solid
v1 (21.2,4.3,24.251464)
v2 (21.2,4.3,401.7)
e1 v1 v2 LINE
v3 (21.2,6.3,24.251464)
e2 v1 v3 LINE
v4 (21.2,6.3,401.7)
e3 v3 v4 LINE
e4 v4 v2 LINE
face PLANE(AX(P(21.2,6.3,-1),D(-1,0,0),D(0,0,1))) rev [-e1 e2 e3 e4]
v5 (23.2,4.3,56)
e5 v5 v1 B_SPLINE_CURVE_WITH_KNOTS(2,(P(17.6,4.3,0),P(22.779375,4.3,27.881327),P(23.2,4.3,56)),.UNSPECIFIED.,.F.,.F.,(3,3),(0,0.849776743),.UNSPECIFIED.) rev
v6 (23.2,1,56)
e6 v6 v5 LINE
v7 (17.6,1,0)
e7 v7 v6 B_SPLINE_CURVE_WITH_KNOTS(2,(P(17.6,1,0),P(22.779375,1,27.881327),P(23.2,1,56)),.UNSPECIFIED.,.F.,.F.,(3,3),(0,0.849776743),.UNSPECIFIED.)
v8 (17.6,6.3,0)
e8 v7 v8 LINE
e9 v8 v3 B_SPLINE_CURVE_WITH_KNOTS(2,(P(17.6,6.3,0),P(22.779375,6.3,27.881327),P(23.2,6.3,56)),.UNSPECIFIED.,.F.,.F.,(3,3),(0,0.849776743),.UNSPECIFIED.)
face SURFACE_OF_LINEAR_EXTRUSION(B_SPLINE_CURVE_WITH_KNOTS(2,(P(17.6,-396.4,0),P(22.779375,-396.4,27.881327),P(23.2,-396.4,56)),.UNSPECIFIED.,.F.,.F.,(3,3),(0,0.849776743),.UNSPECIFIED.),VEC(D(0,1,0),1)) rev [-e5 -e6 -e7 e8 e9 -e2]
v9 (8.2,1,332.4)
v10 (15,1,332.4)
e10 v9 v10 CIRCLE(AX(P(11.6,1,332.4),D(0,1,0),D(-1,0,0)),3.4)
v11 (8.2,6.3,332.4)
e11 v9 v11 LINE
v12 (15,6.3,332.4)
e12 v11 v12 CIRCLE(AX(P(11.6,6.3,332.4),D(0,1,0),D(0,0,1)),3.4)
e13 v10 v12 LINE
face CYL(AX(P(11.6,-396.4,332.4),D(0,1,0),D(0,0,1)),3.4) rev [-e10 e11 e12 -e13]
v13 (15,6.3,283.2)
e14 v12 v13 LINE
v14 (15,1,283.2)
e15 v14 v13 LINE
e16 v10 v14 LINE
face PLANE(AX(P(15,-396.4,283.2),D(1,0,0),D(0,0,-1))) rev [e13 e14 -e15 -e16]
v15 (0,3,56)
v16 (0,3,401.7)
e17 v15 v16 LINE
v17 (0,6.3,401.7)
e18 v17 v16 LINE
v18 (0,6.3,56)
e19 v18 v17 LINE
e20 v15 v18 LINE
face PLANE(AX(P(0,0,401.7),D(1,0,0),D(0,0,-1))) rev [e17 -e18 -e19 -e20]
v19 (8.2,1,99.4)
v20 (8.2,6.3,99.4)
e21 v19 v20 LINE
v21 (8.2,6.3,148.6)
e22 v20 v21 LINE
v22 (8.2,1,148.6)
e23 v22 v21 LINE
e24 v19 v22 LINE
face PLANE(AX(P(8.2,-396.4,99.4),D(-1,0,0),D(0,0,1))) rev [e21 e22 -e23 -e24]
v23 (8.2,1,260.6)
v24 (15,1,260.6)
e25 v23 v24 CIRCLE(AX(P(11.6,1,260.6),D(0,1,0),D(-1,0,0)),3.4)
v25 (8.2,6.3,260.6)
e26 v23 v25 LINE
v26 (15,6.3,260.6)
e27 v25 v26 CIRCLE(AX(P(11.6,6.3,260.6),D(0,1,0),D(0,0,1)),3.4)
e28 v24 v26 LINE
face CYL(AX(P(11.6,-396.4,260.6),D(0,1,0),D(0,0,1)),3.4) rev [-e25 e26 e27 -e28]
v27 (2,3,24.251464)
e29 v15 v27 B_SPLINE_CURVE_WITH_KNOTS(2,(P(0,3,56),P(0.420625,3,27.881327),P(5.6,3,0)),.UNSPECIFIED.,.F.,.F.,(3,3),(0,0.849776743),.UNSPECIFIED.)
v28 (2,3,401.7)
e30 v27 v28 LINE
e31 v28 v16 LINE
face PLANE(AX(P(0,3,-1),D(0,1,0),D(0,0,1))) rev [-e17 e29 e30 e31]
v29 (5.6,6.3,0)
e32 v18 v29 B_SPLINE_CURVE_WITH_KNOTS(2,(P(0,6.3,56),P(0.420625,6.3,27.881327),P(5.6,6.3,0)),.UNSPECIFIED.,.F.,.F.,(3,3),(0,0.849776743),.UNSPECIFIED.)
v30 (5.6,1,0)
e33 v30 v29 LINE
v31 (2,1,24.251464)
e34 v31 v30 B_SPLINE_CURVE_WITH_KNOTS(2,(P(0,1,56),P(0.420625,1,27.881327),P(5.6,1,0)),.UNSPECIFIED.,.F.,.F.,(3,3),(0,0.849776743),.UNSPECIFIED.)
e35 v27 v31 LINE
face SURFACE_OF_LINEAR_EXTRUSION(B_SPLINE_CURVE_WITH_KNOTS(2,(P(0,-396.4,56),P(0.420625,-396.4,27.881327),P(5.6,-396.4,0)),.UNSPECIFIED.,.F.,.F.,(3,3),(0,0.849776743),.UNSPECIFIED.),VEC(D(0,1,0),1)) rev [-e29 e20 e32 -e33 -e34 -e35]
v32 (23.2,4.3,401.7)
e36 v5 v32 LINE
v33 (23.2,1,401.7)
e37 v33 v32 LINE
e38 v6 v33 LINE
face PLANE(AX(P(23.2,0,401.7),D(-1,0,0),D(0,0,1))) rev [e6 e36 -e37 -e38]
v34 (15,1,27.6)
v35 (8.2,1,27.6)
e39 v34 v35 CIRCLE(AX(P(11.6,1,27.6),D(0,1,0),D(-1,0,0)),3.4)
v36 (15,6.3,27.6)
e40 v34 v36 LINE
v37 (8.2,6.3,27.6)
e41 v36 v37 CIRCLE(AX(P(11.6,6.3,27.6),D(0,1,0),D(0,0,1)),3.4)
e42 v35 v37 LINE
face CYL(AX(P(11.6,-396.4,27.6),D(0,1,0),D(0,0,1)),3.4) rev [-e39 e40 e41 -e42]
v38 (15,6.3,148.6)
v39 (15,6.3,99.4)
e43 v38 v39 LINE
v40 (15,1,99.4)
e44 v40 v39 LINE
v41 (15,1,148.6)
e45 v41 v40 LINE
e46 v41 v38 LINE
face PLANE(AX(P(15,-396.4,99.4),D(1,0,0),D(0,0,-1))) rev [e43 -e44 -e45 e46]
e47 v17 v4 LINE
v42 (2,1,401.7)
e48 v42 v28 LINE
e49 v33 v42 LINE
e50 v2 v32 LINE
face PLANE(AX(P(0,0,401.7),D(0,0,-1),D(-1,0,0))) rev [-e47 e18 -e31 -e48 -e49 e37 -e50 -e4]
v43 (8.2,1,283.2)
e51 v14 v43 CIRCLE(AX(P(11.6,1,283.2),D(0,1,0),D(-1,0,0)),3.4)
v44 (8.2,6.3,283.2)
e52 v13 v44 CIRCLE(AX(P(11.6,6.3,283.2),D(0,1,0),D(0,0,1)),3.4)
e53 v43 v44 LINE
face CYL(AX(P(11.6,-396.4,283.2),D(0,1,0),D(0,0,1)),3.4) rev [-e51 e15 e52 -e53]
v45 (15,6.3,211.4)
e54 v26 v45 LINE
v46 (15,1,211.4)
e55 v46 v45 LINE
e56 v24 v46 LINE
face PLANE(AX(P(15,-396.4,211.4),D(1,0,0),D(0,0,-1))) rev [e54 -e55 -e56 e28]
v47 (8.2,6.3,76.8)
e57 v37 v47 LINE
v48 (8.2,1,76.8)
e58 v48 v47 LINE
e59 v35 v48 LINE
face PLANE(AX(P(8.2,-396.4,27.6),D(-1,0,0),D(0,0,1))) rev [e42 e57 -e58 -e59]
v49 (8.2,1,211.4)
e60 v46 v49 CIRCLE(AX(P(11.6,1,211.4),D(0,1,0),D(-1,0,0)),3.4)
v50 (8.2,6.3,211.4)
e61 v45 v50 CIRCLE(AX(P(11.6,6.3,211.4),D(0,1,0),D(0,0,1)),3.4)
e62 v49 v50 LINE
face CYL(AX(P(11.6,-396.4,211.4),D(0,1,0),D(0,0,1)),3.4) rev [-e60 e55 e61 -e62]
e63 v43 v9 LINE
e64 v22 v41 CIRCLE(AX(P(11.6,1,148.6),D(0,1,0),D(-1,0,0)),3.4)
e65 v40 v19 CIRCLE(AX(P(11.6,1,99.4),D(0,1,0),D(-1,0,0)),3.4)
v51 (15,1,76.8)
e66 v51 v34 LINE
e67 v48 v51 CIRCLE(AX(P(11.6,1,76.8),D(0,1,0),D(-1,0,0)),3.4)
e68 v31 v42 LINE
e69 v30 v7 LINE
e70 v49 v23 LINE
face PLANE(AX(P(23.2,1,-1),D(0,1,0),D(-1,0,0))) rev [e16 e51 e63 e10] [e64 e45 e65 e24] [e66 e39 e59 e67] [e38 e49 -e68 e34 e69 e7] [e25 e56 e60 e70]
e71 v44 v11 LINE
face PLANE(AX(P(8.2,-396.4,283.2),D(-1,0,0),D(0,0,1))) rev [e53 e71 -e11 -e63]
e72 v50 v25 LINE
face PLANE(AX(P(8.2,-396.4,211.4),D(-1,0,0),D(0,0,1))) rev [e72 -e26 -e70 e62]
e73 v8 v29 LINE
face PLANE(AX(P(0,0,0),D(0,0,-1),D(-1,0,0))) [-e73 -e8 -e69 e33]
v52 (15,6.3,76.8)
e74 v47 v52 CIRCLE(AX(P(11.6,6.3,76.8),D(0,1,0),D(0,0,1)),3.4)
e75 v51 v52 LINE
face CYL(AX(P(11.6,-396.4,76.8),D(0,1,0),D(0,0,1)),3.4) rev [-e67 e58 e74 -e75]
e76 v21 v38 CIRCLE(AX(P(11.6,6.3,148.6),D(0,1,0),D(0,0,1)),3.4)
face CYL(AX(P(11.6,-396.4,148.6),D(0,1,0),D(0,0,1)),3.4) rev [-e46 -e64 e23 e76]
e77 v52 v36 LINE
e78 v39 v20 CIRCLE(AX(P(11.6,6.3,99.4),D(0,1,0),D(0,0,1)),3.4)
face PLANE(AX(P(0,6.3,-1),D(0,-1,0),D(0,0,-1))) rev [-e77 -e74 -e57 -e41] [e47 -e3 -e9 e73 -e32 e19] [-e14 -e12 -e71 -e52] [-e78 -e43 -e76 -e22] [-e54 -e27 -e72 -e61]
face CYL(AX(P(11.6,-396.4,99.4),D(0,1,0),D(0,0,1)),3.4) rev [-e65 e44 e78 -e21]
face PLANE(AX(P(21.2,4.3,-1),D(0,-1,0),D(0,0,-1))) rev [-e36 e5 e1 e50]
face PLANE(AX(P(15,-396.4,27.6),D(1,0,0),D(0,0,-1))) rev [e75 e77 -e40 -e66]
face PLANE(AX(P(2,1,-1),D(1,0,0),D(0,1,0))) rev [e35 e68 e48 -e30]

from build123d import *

# Parameters (mm, degrees)
IZIM1_W                     = 23.2
IZIM1_H                     = 7.3
Y_KSEKLIK_EKSTR_ZYON1_DEPTH = 401.7
KES_EKSTR_ZYON1_DEPTH       = 402.7
KES_EKSTR_ZYON2_DEPTH       = 402.7
KES_EKSTR_ZYON3_DEPTH       = 402.7


with BuildPart() as part:
    # Çizim1 → Yükseklik-Ekstrüzyon1 (new body)
    with BuildSketch(Plane.XY):
        with Locations((11.6, 3.65)):
            Rectangle(IZIM1_W, IZIM1_H)
    extrude(amount=Y_KSEKLIK_EKSTR_ZYON1_DEPTH)

    # Çizim2 → Kes-Ekstrüzyon1 (cut)
    with BuildSketch(Plane.XY.offset(401.7)):
        Polygon((21.2, 7.3), (23.2, 7.3), (23.2, 4.3), (21.2, 4.3), (21.2, 6.3), (0, 6.3), (0, 7.3), align=None)
        Polygon((0, 0), (2, 0), (23.2, 0), (23.2, 1), (2, 1), (2, 3), (0, 3), align=None)
    extrude(amount=-KES_EKSTR_ZYON1_DEPTH, mode=Mode.SUBTRACT)

    # Çizim3 → Kes-Ekstrüzyon2 (cut)
    with BuildSketch(Plane(origin=(0, 6.3, 0), x_dir=(1, 0, 0), z_dir=(0, 1, 0))):
        with BuildLine():
            Line((0, 0), (5.6, 0))
            add(Edge.make_bspline(
                [(5.6, 0), (0.42062512, -27.8813272), (0, -56)],
                knots=[0, 0, 0, 0.849776743, 0.849776743, 0.849776743], degree=2))
            Line((0, -56), (0, 0))
        make_face()
        with BuildLine():
            Line((23.2, 0), (23.2, -56))
            add(Edge.make_bspline(
                [(17.6, 0), (22.77937488, -27.8813272), (23.2, -56)],
                knots=[0, 0, 0, 0.849776743, 0.849776743, 0.849776743], degree=2))
            Line((17.6, 0), (23.2, 0))
        make_face()
    extrude(amount=-KES_EKSTR_ZYON2_DEPTH, mode=Mode.SUBTRACT)

    # Çizim4 → Kes-Ekstrüzyon3 (cut)
    with BuildSketch(Plane(origin=(0, 6.3, 0), x_dir=(1, 0, 0), z_dir=(0, 1, 0))):
        with BuildLine():
            Line((8.2, -27.6), (8.2, -76.8))
            ThreePointArc((8.2, -76.8), (11.6, -80.2), (15, -76.8))
            Line((15, -76.8), (15, -27.6))
            ThreePointArc((15, -27.6), (11.6, -24.2), (8.2, -27.6))
        make_face()
        with BuildLine():
            Line((8.2, -99.4), (8.2, -148.6))
            ThreePointArc((8.2, -148.6), (11.6, -152), (15, -148.6))
            Line((15, -148.6), (15, -99.4))
            ThreePointArc((15, -99.4), (11.6, -96), (8.2, -99.4))
        make_face()
        with BuildLine():
            Line((8.2, -211.4), (8.2, -260.6))
            ThreePointArc((8.2, -260.6), (11.6, -264), (15, -260.6))
            Line((15, -260.6), (15, -211.4))
            ThreePointArc((15, -211.4), (11.6, -208), (8.2, -211.4))
        make_face()
        with BuildLine():
            Line((8.2, -283.2), (8.2, -332.4))
            ThreePointArc((8.2, -332.4), (11.6, -335.8), (15, -332.4))
            Line((15, -332.4), (15, -283.2))
            ThreePointArc((15, -283.2), (11.6, -279.8), (8.2, -283.2))
        make_face()
    extrude(amount=-KES_EKSTR_ZYON3_DEPTH, mode=Mode.SUBTRACT)


solid = part.part
